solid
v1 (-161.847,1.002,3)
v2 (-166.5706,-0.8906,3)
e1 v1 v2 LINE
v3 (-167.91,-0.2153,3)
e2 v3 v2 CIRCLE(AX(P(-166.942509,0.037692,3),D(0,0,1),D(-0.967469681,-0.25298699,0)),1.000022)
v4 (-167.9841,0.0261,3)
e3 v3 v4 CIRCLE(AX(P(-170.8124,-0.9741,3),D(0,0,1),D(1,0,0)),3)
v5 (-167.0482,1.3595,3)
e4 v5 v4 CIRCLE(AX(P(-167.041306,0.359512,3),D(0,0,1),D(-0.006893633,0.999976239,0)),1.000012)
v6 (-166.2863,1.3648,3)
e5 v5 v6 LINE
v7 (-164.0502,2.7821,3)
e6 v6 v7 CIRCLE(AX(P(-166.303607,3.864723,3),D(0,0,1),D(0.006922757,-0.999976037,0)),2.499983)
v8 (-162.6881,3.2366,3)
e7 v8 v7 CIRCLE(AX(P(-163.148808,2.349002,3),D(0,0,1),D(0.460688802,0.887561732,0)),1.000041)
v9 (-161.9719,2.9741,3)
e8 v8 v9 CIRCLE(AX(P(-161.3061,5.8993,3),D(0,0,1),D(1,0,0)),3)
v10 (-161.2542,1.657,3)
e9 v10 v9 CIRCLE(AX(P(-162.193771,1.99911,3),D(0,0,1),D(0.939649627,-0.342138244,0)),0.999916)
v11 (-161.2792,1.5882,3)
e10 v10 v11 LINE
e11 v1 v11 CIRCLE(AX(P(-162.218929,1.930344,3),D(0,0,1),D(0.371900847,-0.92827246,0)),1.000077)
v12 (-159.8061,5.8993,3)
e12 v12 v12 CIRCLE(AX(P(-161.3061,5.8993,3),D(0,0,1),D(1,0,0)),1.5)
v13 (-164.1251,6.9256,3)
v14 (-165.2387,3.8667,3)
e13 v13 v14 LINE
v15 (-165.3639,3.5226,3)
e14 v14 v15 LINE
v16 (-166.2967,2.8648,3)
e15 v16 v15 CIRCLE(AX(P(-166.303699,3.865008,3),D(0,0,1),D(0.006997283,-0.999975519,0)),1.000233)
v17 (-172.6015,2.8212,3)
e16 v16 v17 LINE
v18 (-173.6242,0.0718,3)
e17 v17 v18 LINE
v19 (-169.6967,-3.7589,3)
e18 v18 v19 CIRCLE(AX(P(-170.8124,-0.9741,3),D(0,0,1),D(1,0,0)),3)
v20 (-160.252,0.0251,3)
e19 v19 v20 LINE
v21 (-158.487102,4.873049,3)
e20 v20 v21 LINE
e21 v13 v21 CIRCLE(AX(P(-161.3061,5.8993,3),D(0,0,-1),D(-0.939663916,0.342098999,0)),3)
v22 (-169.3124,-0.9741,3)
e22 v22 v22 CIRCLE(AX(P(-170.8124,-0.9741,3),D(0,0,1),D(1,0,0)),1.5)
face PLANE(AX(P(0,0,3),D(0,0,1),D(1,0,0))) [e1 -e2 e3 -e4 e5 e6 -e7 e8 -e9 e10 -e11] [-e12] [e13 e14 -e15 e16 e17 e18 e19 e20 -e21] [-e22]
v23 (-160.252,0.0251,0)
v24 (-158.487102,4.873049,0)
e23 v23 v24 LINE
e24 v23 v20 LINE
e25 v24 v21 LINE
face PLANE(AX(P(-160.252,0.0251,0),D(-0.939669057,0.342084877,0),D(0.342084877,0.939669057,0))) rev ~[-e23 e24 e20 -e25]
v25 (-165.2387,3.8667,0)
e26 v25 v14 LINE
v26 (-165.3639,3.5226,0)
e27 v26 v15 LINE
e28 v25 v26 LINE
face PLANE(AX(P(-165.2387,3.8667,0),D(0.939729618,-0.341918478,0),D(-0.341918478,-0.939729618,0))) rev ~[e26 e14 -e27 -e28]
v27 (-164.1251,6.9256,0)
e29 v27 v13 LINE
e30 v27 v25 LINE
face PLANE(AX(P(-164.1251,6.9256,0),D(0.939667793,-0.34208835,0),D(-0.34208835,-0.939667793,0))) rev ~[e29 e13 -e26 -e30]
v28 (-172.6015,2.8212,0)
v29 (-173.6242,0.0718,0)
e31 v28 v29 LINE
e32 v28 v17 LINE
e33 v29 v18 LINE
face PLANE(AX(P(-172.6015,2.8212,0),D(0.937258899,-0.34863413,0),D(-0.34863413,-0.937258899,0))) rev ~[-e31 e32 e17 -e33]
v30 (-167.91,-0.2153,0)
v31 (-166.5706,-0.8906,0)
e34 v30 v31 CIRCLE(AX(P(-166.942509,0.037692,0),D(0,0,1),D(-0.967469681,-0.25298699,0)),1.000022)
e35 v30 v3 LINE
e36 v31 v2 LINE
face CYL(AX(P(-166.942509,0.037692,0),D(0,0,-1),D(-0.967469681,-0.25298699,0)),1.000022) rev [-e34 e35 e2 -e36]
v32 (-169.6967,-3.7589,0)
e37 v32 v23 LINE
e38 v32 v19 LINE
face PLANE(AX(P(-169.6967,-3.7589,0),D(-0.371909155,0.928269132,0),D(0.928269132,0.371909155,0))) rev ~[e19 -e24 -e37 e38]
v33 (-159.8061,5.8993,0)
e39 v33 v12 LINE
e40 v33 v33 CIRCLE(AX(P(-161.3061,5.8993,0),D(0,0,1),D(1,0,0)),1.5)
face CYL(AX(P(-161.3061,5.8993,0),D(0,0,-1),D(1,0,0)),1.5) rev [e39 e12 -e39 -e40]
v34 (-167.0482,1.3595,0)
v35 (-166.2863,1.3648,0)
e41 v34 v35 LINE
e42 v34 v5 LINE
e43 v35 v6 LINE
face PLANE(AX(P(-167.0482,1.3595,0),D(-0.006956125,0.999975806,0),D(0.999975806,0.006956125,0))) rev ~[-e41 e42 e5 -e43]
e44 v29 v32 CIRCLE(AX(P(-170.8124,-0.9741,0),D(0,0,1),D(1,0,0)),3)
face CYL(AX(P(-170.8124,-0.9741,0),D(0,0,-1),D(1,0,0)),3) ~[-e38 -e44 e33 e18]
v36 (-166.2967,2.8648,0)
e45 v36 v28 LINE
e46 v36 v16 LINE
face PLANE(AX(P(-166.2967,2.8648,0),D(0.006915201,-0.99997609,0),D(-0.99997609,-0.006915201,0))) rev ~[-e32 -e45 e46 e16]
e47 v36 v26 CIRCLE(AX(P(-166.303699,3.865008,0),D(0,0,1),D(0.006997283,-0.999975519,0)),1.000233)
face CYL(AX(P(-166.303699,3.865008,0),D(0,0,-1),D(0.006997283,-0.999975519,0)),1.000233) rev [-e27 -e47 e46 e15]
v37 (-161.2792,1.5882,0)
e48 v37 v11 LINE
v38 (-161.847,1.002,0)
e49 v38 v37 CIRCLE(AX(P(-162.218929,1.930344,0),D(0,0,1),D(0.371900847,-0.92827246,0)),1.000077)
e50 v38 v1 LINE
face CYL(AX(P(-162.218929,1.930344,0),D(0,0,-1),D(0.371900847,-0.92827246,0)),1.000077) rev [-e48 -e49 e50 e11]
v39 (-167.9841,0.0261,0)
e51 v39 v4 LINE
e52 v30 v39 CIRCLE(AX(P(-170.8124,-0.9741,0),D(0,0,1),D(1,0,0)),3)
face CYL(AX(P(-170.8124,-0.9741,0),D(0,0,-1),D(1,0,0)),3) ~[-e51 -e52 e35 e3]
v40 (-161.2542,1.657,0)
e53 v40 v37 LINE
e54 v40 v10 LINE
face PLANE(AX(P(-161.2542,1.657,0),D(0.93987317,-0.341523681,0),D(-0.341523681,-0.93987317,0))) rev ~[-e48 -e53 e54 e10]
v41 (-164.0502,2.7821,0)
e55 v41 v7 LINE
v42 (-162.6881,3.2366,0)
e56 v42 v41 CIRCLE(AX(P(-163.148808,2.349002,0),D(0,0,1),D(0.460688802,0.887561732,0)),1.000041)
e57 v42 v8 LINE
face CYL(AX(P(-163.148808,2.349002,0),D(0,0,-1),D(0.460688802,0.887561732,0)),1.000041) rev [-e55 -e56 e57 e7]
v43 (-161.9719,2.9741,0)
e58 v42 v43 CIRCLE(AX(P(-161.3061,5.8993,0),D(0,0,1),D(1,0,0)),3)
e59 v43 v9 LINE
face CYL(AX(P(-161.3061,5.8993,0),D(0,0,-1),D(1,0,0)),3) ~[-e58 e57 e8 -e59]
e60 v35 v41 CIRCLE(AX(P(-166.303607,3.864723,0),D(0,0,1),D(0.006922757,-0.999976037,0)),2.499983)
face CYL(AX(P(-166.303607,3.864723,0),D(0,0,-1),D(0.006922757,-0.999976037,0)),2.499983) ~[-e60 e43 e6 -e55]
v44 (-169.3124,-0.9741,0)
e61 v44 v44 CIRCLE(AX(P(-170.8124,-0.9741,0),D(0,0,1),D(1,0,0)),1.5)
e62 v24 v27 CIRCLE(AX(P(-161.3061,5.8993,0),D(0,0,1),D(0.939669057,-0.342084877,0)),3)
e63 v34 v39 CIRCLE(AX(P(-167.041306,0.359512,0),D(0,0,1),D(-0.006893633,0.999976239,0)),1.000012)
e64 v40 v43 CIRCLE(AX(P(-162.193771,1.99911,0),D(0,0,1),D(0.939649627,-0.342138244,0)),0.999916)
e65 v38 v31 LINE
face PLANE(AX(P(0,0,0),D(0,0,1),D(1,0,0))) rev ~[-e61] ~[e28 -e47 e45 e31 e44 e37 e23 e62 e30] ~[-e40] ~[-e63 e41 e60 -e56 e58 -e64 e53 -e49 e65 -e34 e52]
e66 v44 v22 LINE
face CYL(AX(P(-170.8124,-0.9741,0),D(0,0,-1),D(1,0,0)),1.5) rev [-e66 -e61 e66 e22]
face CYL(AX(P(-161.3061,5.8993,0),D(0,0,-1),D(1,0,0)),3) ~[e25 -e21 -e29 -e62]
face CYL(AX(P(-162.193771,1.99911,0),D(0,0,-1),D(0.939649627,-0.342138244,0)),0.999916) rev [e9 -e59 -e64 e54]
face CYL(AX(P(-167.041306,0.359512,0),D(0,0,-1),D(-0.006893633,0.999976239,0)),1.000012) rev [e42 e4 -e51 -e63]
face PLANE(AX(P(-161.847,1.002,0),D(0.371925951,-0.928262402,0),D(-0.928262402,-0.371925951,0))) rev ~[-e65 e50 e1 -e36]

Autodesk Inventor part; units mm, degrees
ref_plane "YZ Plane" through (0, 0, 0) normal (1, 0, 0) x (0, 1, 0)
ref_plane "XZ Plane" through (0, 0, 0) normal (0, 1, 0) x (-1, 0, 0)
ref_plane "XY Plane" through (0, 0, 0) normal (0, 0, 1) x (1, 0, 0)
sketch "スケッチ1" plane through (0, 0, 0) normal (0, 0, 1) x (1, 0, 0)
  circle A0 centre (-170.8124, -0.9741) radius 1.5
  circle A1 centre (-161.3061, 5.8993) radius 1.5
  circle A2 centre (-161.3061, 5.8993) radius 3
  circle A3 centre (-170.8124, -0.9741) radius 3
  line L0 (-160.252, 0.0251) -> (-151.4456, 24.2153)
  arc A4 (-162.6881, 3.2366) -> (-161.9719, 2.9741) centre (-161.3061, 5.8993) ccw
  arc A5 (-161.2542, 1.657) -> (-161.9719, 2.9741) centre (-162.1939, 1.9991) ccw
  line L1 (-161.2542, 1.657) -> (-161.2792, 1.5882)
  arc A6 (-161.847, 1.002) -> (-161.2792, 1.5882) centre (-162.2189, 1.9303) ccw
  line L2 (-161.847, 1.002) -> (-166.5706, -0.8906)
  arc A7 (-167.91, -0.2153) -> (-166.5706, -0.8906) centre (-166.9425, 0.0377) ccw
  arc A8 (-167.91, -0.2153) -> (-167.9841, 0.0261) centre (-170.8124, -0.9741) ccw
  arc A9 (-167.0482, 1.3595) -> (-167.9841, 0.0261) centre (-167.0413, 0.3595) ccw
  line L3 (-167.0482, 1.3595) -> (-166.2863, 1.3648)
  arc A10 (-166.2863, 1.3648) -> (-164.0502, 2.7821) centre (-166.3036, 3.8647) ccw
  arc A11 (-162.6881, 3.2366) -> (-164.0502, 2.7821) centre (-163.1488, 2.3491) ccw
  arc A12 (-157.2727, 21.3635) -> (-159.6219, 24.7187) centre (-159.6219, 22.2187) ccw
  line L4 (-159.6219, 24.7187) -> (-161.4168, 24.7187)
  arc A13 (-162.3541, 26.0674) -> (-161.4168, 24.7187) centre (-161.4168, 25.7187) ccw
  line L5 (-162.3541, 26.0674) -> (-162.2502, 26.3466)
  arc A14 (-150.3521, 39.3594) -> (-162.2502, 26.3466) centre (-140.2247, 18.1536) ccw
  arc A15 (-149.1659, 37.8016) -> (-150.3521, 39.3594) centre (-149.9212, 38.457) ccw
  arc A16 (-149.1659, 37.8016) -> (-153.03, 24.598) centre (-136.7039, 26.9873) ccw
  arc A17 (-153.0798, 24.1111) -> (-153.03, 24.598) centre (-154.0195, 24.4532) ccw
  line L6 (-153.0798, 24.1111) -> (-158.539, 9.1154)
  arc A18 (-159.9355, 8.5679) -> (-158.539, 9.1154) centre (-159.4786, 9.4575) ccw
  arc A19 (-159.9355, 8.5679) -> (-160.7114, 8.8398) centre (-161.3061, 5.8993) ccw
  arc A20 (-161.5067, 9.9339) -> (-160.7114, 8.8398) centre (-160.5132, 9.82) ccw
  arc A21 (-161.5067, 9.9339) -> (-162.0534, 11.7992) centre (-163.9904, 10.2187) ccw
  arc A22 (-161.4656, 13.4137) -> (-162.0534, 11.7992) centre (-161.2785, 12.4313) ccw
  arc A23 (-161.4656, 13.4137) -> (-159.5841, 15.0143) centre (-161.9333, 15.8696) ccw
  line L7 (-159.5841, 15.0143) -> (-159.457, 15.3635)
  arc A24 (-159.457, 15.3635) -> (-159.8691, 17.7992) centre (-161.8061, 16.2187) ccw
  arc A25 (-159.2813, 19.4137) -> (-159.8691, 17.7992) centre (-159.0943, 18.4313) ccw
  arc A26 (-159.2813, 19.4137) -> (-157.3998, 21.0143) centre (-159.749, 21.8696) ccw
  line L8 (-157.3998, 21.0143) -> (-157.2727, 21.3635)
  circle A27 centre (-170.8124, -0.9741) radius 1.5
  circle A28 centre (-161.3061, 5.8993) radius 1.5
  arc A29 (-173.6242, 0.0718) -> (-169.6967, -3.7589) centre (-170.8124, -0.9741) ccw
  line L9 (-169.6967, -3.7589) -> (-160.252, 0.0251)
  line L10 (-160.252, 0.0251) -> (-151.4456, 24.2153)
  arc A30 (-141.6605, 41.1447) -> (-151.4456, 24.2153) centre (-136.7039, 26.9873) ccw
  arc A31 (-141.6605, 41.1447) -> (-142.0645, 43.0859) centre (-141.9909, 42.0886) ccw
  arc A32 (-142.0645, 43.0859) -> (-163.6561, 26.8696) centre (-140.2247, 18.1536) ccw
  line L11 (-163.6561, 26.8696) -> (-164.3351, 25.0441)
  line L12 (-164.3351, 25.0441) -> (-163.1936, 23.2187)
  line L13 (-163.1936, 23.2187) -> (-159.6219, 23.2187)
  arc A33 (-158.6822, 21.8766) -> (-159.6219, 23.2187) centre (-159.6219, 22.2187) ccw
  line L14 (-158.6822, 21.8766) -> (-158.8093, 21.5275)
  arc A34 (-159.749, 20.8696) -> (-158.8093, 21.5275) centre (-159.749, 21.8696) ccw
  line L15 (-159.749, 20.8696) -> (-164.0488, 20.8696)
  line L16 (-164.0488, 20.8696) -> (-166.567, 19.0441)
  line L17 (-166.567, 19.0441) -> (-165.3779, 17.2187)
  line L18 (-165.3779, 17.2187) -> (-161.8061, 17.2187)
  arc A35 (-160.8665, 15.8766) -> (-161.8061, 17.2187) centre (-161.8061, 16.2187) ccw
  line L19 (-160.8665, 15.8766) -> (-160.9936, 15.5275)
  arc A36 (-161.9333, 14.8696) -> (-160.9936, 15.5275) centre (-161.9333, 15.8696) ccw
  line L20 (-161.9333, 14.8696) -> (-166.2331, 14.8696)
  line L21 (-166.2331, 14.8696) -> (-168.7988, 13.0441)
  line L22 (-168.7988, 13.0441) -> (-167.5622, 11.2187)
  line L23 (-167.5622, 11.2187) -> (-163.9904, 11.2187)
  arc A37 (-163.0508, 9.8766) -> (-163.9904, 11.2187) centre (-163.9904, 10.2187) ccw
  line L24 (-163.0508, 9.8766) -> (-163.1779, 9.5275)
  arc A38 (-164.1175, 8.8696) -> (-163.1779, 9.5275) centre (-164.1175, 9.8696) ccw
  line L25 (-164.1175, 8.8696) -> (-168.4174, 8.8696)
  line L26 (-168.4174, 8.8696) -> (-171.0307, 7.0441)
  line L27 (-171.0307, 7.0441) -> (-169.7465, 5.1842)
  line L28 (-169.7465, 5.1842) -> (-166.1852, 5.2088)
  arc A39 (-165.2387, 3.8667) -> (-166.1852, 5.2088) centre (-166.1783, 4.2088) ccw
  line L29 (-165.2387, 3.8667) -> (-165.3639, 3.5226)
  arc A40 (-166.2967, 2.8648) -> (-165.3639, 3.5226) centre (-166.3036, 3.8647) ccw
  line L30 (-166.2967, 2.8648) -> (-172.6015, 2.8212)
  line L31 (-172.6015, 2.8212) -> (-173.6242, 0.0718)
  arc A41 (-165.2387, 3.8667) -> (-166.1852, 5.2088) centre (-166.1783, 4.2088) ccw
  line L32 (-164.1251, 6.9256) -> (-165.2387, 3.8667)
  point P0 (0, 0)
  point P1 (0, 0)
  point P2 (-158.4871, 4.8731)
  point P3 (-173.6242, 0.0718)
  point P4 (-169.6967, -3.7589)
  point P5 (-161.9719, 2.9741)
  point P6 (-167.91, -0.2153)
  point P7 (-167.9841, 0.0261)
  point P8 (-162.6881, 3.2366)
extrude "押し出し1" add sketch "スケッチ1" along normal blind 3 contours A2 | L0 L9 A3 A7 L2 A6 L1 A5 A2 | A2 A11 A10 L3 A9 A3 L31 L30 A40 L29 L32 | A3
properties part number "アーム先端返し抑え1" material "アルミニウム 7075"
